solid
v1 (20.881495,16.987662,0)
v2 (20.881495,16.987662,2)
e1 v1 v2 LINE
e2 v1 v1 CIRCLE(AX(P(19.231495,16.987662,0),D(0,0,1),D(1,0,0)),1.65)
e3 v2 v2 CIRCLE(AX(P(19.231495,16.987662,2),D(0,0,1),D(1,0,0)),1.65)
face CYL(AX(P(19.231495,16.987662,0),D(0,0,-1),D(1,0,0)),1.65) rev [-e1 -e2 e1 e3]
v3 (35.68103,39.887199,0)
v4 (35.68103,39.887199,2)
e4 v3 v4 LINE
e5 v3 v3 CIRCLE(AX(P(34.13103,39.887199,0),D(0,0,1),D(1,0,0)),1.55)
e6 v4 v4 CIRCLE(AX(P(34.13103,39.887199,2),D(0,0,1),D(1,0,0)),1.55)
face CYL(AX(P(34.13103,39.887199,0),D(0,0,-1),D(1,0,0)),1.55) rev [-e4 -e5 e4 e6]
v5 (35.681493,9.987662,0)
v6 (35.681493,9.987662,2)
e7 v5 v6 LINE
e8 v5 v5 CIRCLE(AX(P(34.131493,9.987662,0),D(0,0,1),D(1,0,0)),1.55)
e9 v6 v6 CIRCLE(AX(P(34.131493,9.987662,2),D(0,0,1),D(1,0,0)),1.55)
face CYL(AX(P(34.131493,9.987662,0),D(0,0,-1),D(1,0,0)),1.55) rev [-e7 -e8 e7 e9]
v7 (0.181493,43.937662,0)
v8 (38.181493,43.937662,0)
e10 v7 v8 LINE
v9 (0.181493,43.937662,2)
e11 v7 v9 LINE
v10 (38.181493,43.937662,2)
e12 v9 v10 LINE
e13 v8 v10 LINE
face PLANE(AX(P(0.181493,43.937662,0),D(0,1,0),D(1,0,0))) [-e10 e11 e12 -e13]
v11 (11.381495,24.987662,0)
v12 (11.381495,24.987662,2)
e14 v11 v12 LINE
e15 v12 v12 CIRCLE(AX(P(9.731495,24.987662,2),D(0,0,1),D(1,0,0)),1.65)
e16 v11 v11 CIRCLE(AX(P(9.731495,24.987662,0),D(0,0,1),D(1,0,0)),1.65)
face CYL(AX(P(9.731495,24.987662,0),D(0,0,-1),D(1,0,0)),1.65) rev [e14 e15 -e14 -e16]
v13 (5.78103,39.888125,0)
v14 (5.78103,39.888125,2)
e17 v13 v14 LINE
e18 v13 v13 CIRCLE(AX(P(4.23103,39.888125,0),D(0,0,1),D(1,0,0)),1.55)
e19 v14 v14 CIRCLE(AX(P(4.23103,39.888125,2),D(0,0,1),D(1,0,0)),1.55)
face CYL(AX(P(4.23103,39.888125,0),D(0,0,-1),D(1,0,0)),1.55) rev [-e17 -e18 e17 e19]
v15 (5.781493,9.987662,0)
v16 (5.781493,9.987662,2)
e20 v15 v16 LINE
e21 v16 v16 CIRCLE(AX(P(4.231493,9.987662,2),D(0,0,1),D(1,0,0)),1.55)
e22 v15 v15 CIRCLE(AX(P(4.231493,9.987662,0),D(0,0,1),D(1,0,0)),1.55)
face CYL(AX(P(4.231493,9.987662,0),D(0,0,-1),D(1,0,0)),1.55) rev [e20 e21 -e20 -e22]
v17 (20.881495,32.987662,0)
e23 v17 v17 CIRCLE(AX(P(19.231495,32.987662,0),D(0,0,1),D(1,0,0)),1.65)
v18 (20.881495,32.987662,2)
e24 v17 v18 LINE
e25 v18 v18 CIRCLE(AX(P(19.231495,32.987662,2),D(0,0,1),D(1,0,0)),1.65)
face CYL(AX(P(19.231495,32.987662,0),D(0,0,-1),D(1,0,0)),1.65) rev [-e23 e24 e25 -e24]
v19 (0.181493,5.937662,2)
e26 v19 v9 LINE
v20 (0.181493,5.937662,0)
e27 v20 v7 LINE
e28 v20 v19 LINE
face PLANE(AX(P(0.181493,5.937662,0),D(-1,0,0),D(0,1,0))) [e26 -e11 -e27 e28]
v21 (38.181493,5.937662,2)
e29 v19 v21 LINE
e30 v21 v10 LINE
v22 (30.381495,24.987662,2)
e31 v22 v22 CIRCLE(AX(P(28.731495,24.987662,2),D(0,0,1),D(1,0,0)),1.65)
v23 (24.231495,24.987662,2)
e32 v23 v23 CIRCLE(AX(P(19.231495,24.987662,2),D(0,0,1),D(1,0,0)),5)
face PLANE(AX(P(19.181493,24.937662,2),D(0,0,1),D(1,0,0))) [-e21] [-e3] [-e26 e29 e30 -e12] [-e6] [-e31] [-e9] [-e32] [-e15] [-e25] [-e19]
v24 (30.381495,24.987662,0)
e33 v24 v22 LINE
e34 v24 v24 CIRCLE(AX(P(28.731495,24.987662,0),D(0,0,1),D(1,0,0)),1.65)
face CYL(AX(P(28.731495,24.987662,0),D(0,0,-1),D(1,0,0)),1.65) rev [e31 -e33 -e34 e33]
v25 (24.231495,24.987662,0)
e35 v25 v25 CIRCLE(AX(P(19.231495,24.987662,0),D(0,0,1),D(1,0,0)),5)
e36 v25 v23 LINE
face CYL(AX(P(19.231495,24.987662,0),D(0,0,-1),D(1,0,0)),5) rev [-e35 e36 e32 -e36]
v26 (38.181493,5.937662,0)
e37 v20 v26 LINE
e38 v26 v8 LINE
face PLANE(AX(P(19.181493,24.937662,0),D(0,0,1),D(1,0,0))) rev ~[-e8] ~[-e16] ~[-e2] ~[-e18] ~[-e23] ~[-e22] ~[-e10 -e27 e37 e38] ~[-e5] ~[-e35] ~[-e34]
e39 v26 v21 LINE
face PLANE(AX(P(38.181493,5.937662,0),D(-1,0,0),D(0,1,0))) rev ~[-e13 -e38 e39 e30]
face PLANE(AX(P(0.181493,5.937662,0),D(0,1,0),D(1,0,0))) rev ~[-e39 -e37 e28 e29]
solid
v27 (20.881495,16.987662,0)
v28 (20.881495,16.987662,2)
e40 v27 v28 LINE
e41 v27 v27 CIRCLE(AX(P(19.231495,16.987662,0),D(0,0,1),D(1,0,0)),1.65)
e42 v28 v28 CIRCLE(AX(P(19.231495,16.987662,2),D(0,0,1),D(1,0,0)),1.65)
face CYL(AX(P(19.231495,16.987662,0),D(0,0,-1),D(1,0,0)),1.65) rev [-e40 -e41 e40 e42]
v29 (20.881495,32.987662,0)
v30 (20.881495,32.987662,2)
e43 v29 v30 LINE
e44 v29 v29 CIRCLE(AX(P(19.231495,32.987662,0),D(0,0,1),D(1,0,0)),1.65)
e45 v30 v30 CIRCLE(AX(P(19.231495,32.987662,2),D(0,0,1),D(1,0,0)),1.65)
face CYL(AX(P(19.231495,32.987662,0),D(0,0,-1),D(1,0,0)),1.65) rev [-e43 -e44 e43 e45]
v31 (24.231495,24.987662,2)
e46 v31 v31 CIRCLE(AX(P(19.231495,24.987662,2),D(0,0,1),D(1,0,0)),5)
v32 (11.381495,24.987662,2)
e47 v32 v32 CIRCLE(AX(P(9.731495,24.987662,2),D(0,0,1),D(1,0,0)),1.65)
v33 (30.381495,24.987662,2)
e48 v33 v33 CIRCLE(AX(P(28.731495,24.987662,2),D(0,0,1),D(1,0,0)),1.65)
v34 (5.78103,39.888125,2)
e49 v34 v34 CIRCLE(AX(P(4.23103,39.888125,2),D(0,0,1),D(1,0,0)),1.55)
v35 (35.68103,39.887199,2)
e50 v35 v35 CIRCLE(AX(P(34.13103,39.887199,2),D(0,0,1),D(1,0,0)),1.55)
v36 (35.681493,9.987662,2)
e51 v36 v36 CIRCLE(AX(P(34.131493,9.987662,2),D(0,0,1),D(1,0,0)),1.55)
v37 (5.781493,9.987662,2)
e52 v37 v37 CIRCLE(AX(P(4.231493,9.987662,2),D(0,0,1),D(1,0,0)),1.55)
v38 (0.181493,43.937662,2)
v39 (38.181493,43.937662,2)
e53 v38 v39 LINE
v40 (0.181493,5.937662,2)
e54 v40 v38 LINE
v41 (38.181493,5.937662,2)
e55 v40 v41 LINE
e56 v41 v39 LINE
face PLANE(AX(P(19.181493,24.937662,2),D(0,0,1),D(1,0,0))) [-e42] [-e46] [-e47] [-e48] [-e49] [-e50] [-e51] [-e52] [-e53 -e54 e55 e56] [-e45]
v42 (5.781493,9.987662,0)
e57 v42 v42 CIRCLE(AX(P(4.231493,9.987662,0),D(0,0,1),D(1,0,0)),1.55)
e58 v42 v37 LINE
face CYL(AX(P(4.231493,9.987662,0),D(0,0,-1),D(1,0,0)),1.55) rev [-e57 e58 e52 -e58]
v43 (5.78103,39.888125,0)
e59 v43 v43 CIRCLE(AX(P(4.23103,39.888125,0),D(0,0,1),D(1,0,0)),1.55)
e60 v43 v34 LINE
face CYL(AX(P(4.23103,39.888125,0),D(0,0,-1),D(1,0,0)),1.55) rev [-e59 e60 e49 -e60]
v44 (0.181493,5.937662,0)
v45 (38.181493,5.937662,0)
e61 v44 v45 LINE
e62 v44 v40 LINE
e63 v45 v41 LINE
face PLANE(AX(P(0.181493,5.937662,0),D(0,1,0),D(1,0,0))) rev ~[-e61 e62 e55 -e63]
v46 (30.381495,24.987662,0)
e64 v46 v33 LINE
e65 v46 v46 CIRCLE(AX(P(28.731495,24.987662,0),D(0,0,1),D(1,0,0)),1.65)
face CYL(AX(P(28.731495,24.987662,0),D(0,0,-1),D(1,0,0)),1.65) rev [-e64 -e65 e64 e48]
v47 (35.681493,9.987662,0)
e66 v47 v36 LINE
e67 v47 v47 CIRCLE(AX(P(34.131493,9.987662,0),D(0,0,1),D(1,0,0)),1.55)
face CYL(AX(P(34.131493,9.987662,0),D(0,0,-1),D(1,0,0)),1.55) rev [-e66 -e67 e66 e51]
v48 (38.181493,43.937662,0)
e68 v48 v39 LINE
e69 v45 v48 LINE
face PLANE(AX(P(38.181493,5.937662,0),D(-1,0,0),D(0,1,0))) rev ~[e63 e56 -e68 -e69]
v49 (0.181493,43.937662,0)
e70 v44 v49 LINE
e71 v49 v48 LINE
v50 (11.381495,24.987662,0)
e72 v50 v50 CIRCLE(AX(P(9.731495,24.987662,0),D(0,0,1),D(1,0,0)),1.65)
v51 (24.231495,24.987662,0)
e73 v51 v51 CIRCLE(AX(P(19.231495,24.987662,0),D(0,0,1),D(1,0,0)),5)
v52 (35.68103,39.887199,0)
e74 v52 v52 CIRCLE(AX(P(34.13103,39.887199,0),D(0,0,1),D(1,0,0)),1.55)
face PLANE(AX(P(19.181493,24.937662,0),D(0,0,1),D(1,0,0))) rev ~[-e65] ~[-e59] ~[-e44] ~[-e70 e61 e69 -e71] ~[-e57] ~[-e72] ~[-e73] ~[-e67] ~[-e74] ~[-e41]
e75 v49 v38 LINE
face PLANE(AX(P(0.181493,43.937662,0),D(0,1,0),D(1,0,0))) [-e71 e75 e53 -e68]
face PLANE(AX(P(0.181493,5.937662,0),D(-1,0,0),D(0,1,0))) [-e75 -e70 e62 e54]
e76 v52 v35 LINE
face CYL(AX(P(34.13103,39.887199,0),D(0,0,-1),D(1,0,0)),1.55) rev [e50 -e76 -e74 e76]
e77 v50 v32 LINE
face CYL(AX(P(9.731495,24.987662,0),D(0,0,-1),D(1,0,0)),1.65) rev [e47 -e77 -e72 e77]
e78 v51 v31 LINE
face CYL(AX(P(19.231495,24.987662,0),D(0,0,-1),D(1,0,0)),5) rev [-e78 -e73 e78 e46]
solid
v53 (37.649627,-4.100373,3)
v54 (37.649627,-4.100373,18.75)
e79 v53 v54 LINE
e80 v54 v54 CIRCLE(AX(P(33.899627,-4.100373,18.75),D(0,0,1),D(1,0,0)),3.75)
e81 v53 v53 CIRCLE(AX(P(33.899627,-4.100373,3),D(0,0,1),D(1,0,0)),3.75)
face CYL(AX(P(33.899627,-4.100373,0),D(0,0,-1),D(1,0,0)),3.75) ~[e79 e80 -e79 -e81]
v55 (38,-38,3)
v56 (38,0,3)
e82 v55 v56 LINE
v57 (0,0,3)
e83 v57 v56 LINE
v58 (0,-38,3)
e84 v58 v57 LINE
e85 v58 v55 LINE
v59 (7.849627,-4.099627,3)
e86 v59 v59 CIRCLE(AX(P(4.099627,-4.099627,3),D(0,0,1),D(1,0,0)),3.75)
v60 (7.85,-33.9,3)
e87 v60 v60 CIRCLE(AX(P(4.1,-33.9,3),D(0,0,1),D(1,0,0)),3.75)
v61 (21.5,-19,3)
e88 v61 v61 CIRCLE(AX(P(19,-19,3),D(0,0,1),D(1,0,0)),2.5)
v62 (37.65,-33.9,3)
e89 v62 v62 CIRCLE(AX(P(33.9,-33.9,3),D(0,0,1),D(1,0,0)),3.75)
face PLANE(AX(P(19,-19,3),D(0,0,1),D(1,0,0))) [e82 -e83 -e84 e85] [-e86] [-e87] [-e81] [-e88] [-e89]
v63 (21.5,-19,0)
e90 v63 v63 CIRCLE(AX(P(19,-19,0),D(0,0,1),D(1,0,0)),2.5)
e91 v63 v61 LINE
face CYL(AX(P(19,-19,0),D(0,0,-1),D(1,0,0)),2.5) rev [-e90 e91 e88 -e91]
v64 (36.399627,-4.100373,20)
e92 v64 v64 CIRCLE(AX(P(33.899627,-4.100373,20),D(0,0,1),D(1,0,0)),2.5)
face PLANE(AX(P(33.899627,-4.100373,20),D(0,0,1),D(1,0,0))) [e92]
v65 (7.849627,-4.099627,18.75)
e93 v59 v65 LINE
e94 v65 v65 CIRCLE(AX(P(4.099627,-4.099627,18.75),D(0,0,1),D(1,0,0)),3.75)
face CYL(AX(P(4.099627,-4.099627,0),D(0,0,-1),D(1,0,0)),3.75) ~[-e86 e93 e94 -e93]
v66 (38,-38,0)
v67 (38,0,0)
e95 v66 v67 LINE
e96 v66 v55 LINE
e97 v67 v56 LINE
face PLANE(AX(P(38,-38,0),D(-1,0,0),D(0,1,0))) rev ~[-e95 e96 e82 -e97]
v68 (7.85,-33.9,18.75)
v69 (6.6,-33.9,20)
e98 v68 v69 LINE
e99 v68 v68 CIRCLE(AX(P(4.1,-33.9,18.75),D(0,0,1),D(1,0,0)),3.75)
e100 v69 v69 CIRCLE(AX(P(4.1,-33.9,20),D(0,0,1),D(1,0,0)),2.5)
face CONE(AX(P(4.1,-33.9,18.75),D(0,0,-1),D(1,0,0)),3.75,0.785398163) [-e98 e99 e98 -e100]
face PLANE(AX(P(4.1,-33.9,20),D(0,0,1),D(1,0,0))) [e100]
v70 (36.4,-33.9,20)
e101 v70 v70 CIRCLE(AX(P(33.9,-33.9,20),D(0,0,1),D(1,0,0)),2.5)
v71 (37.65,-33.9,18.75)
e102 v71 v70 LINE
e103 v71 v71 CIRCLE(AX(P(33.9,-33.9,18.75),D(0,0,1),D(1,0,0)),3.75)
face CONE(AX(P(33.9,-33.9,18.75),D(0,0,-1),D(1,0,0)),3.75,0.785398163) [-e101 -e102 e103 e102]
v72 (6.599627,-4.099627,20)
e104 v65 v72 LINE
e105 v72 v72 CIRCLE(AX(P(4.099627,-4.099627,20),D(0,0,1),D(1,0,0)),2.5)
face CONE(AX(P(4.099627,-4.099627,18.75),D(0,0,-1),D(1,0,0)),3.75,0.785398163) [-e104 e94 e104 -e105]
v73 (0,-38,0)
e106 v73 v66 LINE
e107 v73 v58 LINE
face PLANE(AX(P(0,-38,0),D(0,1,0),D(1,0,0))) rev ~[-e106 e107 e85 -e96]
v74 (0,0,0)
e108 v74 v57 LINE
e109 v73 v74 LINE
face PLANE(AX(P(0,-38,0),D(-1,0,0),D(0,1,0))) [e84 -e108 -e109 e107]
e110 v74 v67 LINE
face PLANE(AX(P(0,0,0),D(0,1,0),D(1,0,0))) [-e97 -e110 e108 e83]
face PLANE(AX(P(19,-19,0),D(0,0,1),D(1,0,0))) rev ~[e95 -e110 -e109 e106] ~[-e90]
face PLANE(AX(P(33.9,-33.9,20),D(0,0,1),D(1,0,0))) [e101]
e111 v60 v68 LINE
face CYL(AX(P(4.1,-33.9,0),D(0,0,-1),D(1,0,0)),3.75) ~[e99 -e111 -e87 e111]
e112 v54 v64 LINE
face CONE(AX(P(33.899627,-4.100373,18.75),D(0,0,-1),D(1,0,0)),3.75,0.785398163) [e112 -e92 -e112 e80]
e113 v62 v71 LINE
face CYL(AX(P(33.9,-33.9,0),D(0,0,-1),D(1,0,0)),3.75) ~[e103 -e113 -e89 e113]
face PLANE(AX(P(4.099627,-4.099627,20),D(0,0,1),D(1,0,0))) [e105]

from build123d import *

# Parameters (mm, degrees)
F0_W     = 38
F0_H     = 38
F0_R     = 1.55
F0_R_2   = 1.65
F0_R_3   = 5
F1_DEPTH = 2
F0_R_4   = 3.75
F0_R_5   = 2.5
F2_DEPTH = 3
F0_R_6   = 1.4
F3_DEPTH = 20
F4_DEPTH = 20
F5_SIZE  = 1.25
F6_DEPTH = 2


with BuildPart() as f1:
    # F0 (on Top) → F1 (new body)
    with BuildSketch(Plane.XY):
        with Locations((19.181493, 24.937662)):
            Rectangle(F0_W, F0_H)
        with Locations((4.231493, 9.987662)):
            Circle(F0_R, mode=Mode.SUBTRACT)
        with Locations((4.23103, 39.888125)):
            Circle(F0_R, mode=Mode.SUBTRACT)
        with Locations((9.731495, 24.987662)):
            Circle(F0_R_2, mode=Mode.SUBTRACT)
        with Locations((19.231495, 16.987662)):
            Circle(F0_R_2, mode=Mode.SUBTRACT)
        with Locations((34.131493, 9.987662)):
            Circle(F0_R, mode=Mode.SUBTRACT)
        with Locations((19.231495, 24.987662)):
            Circle(F0_R_3, mode=Mode.SUBTRACT)
        with Locations((19.231495, 32.987662)):
            Circle(F0_R_2, mode=Mode.SUBTRACT)
        with Locations((28.731495, 24.987662)):
            Circle(F0_R_2, mode=Mode.SUBTRACT)
        with Locations((34.13103, 39.887199)):
            Circle(F0_R, mode=Mode.SUBTRACT)
    extrude(amount=F1_DEPTH)


with BuildPart() as f2:
    # F0 (on Top) → F2 (new body)
    with BuildSketch(Plane.XY):
        with Locations((19, -19)):
            Rectangle(F0_W, F0_H)
        with Locations((4.1, -33.9)):
            Circle(F0_R_4, mode=Mode.SUBTRACT)
        with Locations((19, -19)):
            Circle(F0_R_5, mode=Mode.SUBTRACT)
        with Locations((4.099627, -4.099627)):
            Circle(F0_R_4, mode=Mode.SUBTRACT)
        with Locations((33.9, -33.9)):
            Circle(F0_R_4, mode=Mode.SUBTRACT)
        with Locations((33.899627, -4.100373)):
            Circle(F0_R_4, mode=Mode.SUBTRACT)
    extrude(amount=F2_DEPTH)



with BuildPart() as f3:
    # F0 (on Top) → F3 (new body)
    with BuildSketch(Plane.XY):
        with Locations((33.9, -33.9)):
            Circle(F0_R_6)
        with Locations((4.1, -33.9)):
            Circle(F0_R_6)
        with Locations((4.099627, -4.099627)):
            Circle(F0_R_6)
        with Locations((33.899627, -4.100373)):
            Circle(F0_R_6)
    extrude(amount=F3_DEPTH)


with BuildPart() as f2_1:
    add(f2.part)

    add(f3.part)  # F4 merges F3
    # F0 (on Top) → F4 (join)
    with BuildSketch(Plane.XY):
        with Locations((4.099627, -4.099627)):
            Circle(F0_R_4)
        with Locations((4.099627, -4.099627)):
            Circle(F0_R_6, mode=Mode.SUBTRACT)
        with Locations((4.1, -33.9)):
            Circle(F0_R_4)
        with Locations((4.1, -33.9)):
            Circle(F0_R_6, mode=Mode.SUBTRACT)
        with Locations((33.9, -33.9)):
            Circle(F0_R_4)
        with Locations((33.9, -33.9)):
            Circle(F0_R_6, mode=Mode.SUBTRACT)
        with Locations((33.899627, -4.100373)):
            Circle(F0_R_4)
        with Locations((33.899627, -4.100373)):
            Circle(F0_R_6, mode=Mode.SUBTRACT)
    extrude(amount=F4_DEPTH)

    # F5
    f5_edges = [f2_1.edges().sort_by_distance(p)[0] for p in [
        (0.349627, -4.099627, 20),
        (30.149627, -4.100373, 20),
        (30.15, -33.9, 20),
        (0.35, -33.9, 20),
    ]]
    chamfer(f5_edges, length=F5_SIZE)


with BuildPart() as f6:
    # F0 (on Top) → F6 (new body)
    with BuildSketch(Plane.XY):
        with Locations((19.181493, 24.937662)):
            Rectangle(F0_W, F0_H)
        with Locations((4.231493, 9.987662)):
            Circle(F0_R, mode=Mode.SUBTRACT)
        with Locations((4.23103, 39.888125)):
            Circle(F0_R, mode=Mode.SUBTRACT)
        with Locations((9.731495, 24.987662)):
            Circle(F0_R_2, mode=Mode.SUBTRACT)
        with Locations((19.231495, 16.987662)):
            Circle(F0_R_2, mode=Mode.SUBTRACT)
        with Locations((34.131493, 9.987662)):
            Circle(F0_R, mode=Mode.SUBTRACT)
        with Locations((19.231495, 24.987662)):
            Circle(F0_R_3, mode=Mode.SUBTRACT)
        with Locations((19.231495, 32.987662)):
            Circle(F0_R_2, mode=Mode.SUBTRACT)
        with Locations((28.731495, 24.987662)):
            Circle(F0_R_2, mode=Mode.SUBTRACT)
        with Locations((34.13103, 39.887199)):
            Circle(F0_R, mode=Mode.SUBTRACT)
    extrude(amount=F6_DEPTH)


solid = Compound([f1.part, f2_1.part, f6.part])
